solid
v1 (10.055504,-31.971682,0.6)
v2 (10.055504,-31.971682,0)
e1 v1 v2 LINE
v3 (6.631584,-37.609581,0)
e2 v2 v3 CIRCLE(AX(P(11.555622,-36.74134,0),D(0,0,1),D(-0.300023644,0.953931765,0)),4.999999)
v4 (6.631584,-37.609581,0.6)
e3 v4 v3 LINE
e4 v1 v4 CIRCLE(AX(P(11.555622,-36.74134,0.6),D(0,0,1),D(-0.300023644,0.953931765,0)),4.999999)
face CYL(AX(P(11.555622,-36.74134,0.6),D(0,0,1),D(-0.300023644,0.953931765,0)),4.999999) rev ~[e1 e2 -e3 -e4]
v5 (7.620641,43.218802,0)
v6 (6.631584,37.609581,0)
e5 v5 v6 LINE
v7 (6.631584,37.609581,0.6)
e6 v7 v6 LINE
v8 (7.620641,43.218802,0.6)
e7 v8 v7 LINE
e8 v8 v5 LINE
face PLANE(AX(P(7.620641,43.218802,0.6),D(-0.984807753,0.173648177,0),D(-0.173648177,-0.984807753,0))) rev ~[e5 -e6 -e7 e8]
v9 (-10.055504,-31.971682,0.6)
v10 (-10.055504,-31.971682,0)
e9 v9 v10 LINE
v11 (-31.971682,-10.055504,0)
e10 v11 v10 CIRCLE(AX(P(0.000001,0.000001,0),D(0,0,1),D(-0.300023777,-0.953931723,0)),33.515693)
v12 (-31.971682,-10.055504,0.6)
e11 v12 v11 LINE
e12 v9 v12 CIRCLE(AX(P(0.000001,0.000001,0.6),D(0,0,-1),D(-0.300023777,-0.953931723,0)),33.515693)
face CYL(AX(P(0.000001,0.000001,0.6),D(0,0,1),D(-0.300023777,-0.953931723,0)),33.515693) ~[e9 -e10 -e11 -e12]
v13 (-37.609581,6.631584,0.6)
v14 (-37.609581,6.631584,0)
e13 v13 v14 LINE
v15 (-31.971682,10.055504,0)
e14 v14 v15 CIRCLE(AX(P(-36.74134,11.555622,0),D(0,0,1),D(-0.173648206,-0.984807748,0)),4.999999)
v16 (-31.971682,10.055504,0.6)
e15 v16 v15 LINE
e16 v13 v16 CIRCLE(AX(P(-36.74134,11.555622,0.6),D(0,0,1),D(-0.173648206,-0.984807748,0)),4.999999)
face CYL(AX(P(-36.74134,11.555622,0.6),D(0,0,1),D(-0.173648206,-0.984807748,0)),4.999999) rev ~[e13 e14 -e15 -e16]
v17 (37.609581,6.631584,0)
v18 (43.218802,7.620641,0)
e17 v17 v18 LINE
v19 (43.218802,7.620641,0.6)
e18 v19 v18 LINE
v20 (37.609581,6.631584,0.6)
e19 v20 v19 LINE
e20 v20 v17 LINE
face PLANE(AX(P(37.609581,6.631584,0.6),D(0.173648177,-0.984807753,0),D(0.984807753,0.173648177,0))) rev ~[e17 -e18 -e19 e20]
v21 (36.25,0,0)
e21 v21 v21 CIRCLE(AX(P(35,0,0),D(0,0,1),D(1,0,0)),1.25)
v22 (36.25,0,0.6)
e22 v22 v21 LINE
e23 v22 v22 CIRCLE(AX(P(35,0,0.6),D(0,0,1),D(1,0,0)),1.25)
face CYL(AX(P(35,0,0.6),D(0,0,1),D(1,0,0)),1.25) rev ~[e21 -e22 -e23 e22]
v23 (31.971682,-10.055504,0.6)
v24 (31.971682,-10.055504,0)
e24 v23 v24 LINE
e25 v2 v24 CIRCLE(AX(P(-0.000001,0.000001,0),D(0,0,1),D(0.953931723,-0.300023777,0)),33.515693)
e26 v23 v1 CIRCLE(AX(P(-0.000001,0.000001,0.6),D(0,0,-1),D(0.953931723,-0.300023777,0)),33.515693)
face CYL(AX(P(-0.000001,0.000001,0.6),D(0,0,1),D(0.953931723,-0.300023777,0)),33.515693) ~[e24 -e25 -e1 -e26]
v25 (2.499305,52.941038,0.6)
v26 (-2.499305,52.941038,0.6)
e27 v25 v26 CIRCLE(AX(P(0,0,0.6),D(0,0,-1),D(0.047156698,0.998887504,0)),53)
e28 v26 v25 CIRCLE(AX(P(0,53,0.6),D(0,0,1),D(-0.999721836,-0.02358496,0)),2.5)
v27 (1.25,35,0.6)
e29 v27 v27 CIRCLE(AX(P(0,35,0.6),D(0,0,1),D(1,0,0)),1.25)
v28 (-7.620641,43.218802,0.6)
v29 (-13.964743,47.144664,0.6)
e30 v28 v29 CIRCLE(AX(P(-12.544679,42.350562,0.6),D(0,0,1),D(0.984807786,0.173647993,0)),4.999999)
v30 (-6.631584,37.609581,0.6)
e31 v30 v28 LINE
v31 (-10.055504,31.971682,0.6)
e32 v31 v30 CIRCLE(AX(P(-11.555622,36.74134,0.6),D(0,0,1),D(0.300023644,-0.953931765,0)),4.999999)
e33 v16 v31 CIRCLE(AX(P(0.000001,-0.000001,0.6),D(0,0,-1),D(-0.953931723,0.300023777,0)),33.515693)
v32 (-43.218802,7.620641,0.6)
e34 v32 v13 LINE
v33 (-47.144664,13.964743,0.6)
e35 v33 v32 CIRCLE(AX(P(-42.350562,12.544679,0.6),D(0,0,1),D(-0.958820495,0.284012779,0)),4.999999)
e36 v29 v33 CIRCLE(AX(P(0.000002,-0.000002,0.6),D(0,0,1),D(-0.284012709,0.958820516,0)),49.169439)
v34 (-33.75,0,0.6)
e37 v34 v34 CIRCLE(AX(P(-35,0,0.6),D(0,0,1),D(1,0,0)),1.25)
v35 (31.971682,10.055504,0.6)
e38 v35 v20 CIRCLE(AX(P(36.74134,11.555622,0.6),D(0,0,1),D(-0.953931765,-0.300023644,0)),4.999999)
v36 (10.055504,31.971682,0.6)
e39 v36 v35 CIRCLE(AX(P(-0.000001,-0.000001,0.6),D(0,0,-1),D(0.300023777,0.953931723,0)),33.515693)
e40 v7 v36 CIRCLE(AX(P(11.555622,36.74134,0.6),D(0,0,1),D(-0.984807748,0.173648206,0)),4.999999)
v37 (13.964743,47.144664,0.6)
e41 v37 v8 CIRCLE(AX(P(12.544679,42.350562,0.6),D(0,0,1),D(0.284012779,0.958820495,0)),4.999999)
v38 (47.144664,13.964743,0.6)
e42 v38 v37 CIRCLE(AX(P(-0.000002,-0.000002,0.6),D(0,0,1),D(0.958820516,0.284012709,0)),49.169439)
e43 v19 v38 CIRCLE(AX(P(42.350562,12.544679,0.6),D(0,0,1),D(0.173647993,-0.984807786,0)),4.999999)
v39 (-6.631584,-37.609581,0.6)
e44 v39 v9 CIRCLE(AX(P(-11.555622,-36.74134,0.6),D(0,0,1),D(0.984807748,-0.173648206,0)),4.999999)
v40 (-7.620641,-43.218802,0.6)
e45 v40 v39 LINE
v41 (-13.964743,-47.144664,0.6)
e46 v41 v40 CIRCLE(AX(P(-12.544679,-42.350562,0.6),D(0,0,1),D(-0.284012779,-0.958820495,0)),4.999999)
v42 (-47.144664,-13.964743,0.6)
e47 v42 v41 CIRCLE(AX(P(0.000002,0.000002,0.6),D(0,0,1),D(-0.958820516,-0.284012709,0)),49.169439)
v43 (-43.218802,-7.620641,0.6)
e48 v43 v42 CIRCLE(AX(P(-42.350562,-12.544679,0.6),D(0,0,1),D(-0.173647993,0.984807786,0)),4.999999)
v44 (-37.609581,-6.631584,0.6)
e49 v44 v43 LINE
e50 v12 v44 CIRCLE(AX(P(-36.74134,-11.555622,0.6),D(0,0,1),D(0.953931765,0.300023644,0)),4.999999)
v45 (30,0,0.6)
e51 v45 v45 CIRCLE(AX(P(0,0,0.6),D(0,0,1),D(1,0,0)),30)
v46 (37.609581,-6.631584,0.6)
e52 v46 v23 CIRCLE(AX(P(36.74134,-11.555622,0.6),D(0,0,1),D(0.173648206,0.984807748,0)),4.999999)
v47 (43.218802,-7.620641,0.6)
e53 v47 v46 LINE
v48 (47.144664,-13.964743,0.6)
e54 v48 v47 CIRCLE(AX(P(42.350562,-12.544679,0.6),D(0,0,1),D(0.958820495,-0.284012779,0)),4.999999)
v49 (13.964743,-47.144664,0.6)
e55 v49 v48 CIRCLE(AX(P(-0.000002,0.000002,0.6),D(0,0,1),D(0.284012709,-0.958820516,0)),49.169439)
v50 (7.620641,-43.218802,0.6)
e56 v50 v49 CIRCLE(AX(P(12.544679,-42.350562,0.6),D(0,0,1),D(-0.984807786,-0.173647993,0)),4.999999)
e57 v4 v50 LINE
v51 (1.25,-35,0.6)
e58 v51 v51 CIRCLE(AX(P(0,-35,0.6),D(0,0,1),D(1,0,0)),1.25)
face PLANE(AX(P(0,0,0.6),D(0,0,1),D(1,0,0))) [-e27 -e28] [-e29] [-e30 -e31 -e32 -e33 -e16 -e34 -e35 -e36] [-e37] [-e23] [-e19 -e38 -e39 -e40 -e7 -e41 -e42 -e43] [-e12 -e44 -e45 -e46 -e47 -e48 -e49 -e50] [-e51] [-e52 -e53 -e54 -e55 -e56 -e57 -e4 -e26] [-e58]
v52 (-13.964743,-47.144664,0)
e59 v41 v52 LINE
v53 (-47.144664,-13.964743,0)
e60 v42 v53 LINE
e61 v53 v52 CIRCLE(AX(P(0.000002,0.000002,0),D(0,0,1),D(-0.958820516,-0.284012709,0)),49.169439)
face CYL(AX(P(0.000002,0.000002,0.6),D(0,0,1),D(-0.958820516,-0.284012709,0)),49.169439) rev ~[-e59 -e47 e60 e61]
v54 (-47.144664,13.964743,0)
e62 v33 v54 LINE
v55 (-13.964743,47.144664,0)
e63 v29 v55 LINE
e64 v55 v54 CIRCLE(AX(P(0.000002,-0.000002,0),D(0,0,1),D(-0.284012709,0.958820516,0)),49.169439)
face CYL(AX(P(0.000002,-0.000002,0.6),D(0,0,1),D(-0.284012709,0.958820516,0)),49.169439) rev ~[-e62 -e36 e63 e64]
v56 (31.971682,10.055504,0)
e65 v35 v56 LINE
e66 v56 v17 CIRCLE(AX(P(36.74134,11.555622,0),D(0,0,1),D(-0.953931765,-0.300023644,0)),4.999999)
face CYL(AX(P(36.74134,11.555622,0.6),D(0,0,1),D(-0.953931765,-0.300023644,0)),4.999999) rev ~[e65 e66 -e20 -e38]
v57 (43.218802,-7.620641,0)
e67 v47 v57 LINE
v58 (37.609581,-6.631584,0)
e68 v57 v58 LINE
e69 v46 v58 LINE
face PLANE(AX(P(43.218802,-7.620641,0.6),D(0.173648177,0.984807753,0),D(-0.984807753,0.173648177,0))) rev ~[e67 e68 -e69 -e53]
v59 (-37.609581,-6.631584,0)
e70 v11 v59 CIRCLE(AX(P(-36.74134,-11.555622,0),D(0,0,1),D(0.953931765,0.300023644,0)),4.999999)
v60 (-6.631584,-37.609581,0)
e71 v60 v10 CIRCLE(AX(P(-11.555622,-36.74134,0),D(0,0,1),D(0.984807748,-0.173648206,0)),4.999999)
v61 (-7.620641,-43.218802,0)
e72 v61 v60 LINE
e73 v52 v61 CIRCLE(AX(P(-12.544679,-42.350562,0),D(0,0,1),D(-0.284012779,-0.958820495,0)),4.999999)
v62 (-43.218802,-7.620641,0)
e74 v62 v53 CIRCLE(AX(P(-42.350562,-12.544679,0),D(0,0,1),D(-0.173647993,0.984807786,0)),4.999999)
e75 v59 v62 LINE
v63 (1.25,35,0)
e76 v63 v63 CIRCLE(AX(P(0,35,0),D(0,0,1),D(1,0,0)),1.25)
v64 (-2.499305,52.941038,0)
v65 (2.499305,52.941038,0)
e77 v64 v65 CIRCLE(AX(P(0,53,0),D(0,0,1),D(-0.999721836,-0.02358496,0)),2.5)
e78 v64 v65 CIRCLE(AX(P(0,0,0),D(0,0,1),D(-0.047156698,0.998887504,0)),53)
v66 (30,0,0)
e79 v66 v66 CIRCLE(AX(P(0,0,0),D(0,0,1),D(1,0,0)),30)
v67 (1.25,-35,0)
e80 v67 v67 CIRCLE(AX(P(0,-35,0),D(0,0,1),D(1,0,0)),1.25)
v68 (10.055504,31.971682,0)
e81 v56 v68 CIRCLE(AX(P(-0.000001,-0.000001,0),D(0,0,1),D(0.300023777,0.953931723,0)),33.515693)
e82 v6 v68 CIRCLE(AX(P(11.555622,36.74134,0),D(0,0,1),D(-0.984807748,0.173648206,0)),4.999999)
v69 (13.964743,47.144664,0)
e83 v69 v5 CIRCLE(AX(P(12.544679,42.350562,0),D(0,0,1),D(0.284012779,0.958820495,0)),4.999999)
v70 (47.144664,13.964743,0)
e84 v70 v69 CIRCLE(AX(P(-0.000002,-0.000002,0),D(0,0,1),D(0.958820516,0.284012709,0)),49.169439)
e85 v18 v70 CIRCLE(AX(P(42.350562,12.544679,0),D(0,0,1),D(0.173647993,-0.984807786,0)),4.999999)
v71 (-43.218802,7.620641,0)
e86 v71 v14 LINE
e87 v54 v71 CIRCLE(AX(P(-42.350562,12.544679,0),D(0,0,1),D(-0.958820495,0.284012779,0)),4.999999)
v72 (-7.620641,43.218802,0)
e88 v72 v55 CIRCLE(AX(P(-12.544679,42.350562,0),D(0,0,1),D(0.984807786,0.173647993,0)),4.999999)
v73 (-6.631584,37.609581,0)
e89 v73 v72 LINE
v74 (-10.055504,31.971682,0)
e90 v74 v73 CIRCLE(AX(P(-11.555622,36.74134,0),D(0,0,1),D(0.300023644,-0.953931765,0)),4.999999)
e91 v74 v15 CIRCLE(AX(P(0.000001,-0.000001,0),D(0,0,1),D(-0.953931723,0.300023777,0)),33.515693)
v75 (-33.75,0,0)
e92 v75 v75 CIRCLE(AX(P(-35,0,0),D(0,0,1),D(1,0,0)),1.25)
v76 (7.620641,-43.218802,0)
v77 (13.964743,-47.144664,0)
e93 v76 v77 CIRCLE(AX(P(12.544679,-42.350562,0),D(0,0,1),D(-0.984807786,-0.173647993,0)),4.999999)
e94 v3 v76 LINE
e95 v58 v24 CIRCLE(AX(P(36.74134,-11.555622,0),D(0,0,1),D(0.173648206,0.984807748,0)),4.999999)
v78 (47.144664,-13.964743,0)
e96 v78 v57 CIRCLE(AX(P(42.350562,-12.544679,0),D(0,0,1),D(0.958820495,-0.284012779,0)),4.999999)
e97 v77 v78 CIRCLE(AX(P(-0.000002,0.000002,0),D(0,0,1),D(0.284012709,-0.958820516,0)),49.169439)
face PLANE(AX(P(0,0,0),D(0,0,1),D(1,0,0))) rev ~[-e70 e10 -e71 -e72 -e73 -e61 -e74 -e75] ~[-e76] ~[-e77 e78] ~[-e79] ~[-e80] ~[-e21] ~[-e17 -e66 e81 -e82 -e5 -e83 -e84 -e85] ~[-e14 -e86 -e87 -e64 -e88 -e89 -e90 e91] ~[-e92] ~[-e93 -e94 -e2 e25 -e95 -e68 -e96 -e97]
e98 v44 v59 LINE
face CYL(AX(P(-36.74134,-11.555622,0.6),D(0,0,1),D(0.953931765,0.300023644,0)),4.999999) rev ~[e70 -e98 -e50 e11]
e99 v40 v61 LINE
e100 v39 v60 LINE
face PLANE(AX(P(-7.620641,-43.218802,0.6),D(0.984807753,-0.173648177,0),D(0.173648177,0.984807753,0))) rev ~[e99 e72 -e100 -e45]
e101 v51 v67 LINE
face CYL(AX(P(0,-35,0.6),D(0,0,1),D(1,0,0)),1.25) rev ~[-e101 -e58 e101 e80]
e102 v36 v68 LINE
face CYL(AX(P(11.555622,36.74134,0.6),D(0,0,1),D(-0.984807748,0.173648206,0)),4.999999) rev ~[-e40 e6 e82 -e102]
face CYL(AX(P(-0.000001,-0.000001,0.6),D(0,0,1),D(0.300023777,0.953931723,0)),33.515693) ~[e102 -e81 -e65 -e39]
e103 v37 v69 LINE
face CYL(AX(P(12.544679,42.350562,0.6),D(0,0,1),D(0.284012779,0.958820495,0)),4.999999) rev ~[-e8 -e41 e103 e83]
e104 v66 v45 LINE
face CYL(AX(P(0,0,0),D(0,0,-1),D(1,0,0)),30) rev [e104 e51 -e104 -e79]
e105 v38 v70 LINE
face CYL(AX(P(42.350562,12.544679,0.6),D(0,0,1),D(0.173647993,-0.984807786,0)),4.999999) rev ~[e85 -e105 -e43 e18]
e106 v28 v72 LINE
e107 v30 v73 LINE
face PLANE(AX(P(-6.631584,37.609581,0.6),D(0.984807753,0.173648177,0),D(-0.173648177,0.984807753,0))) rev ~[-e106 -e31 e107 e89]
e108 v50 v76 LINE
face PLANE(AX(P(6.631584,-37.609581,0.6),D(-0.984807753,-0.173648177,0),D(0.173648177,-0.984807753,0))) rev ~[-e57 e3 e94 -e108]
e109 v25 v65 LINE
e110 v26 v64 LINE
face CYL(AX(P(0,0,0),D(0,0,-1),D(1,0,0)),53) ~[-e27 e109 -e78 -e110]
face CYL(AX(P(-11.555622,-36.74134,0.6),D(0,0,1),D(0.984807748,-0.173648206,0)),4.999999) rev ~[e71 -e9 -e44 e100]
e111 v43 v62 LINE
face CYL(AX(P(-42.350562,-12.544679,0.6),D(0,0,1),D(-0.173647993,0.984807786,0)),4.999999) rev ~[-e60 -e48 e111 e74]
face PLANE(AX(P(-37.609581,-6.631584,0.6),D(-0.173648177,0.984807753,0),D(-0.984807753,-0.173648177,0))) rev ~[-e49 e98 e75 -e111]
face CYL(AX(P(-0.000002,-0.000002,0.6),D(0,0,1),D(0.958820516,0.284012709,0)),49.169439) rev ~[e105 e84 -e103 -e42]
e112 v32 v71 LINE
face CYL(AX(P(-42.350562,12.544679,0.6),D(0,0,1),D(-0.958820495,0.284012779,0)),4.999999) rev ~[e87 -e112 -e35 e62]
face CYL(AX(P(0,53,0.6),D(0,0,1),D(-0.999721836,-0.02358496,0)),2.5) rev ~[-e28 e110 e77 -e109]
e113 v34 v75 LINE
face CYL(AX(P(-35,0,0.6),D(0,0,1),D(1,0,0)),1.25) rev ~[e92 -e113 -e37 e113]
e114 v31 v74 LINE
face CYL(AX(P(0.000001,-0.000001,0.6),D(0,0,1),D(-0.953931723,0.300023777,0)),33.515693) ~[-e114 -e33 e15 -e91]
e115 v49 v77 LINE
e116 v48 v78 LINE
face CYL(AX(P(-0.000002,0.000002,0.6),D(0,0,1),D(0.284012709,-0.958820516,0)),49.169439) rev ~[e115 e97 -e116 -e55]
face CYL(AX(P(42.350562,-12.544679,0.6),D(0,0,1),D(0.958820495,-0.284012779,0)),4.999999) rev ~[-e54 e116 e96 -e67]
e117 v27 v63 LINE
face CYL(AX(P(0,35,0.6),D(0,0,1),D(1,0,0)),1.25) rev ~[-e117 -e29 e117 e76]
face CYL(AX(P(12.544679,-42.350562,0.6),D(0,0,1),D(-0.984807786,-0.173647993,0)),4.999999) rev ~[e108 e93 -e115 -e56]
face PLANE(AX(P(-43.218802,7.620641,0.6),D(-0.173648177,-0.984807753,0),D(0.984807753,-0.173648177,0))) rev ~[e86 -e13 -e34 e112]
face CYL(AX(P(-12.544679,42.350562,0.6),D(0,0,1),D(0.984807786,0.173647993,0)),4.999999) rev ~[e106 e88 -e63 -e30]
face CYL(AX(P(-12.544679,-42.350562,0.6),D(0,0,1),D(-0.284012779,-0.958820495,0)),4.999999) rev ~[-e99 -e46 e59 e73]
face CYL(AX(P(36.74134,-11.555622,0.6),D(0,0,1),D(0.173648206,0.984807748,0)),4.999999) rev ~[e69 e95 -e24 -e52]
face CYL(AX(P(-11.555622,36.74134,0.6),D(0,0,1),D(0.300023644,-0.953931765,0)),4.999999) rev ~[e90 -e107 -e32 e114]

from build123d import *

# Parameters (mm, degrees)
F0_R     = 53
F0_R_2   = 30
F1_DEPTH = 0.6
F2_R     = 1.25
F3_DEPTH = 25
F5_DEPTH = 25
F7_DEPTH = 2


with BuildPart() as f1:
    # F0 (on Top) → F1 (new body)
    with BuildSketch(Plane.XY):
        Circle(F0_R)
        Circle(F0_R_2, mode=Mode.SUBTRACT)
    extrude(amount=F1_DEPTH)

    # F2 (on face) → F3 (cut)
    with BuildSketch(Plane.XY.offset(0.6)):
        with Locations((0, 35)):
            Circle(F2_R)
        with Locations((35, 0)):
            Circle(F2_R)
        with Locations((0, -35)):
            Circle(F2_R)
        with Locations((-35, 0)):
            Circle(F2_R)
    extrude(amount=-F3_DEPTH, mode=Mode.SUBTRACT)

    # F4 (on face) → F5 (cut)
    with BuildSketch(Plane.XY.offset(0.6)):
        with BuildLine():
            ThreePointArc((2.499305, 52.941038), (0, 53), (-2.499305, 52.941038))
            ThreePointArc((-2.499305, 52.941038), (0, 50.5), (2.499305, 52.941038))
        make_face()
    extrude(amount=-F5_DEPTH, mode=Mode.SUBTRACT)

    # F6 (on face) → F7 (cut)
    with BuildSketch(Plane.XY.offset(0.6)):
        with BuildLine():
            Line((-43.218802, 7.620641), (-37.609581, 6.631584))
            ThreePointArc((-37.609581, 6.631584), (-34.145946, 7.281991), (-31.971682, 10.055504))
            ThreePointArc((-31.971682, 10.055504), (-23.699173, 23.699173), (-10.055504, 31.971682))
            ThreePointArc((-10.055504, 31.971682), (-7.281991, 34.145946), (-6.631584, 37.609581))
            Line((-6.631584, 37.609581), (-7.620641, 43.218802))
            ThreePointArc((-7.620641, 43.218802), (-9.913604, 46.602319), (-13.964743, 47.144664))
            ThreePointArc((-13.964743, 47.144664), (-34.768041, 34.768041), (-47.144664, 13.964743))
            ThreePointArc((-47.144664, 13.964743), (-46.602319, 9.913604), (-43.218802, 7.620641))
        make_face()
        with BuildLine():
            Line((7.620641, 43.218802), (6.631584, 37.609581))
            ThreePointArc((6.631584, 37.609581), (7.281991, 34.145946), (10.055504, 31.971682))
            ThreePointArc((10.055504, 31.971682), (23.699173, 23.699173), (31.971682, 10.055504))
            ThreePointArc((31.971682, 10.055504), (34.145946, 7.281991), (37.609581, 6.631584))
            Line((37.609581, 6.631584), (43.218802, 7.620641))
            ThreePointArc((43.218802, 7.620641), (46.602319, 9.913604), (47.144664, 13.964743))
            ThreePointArc((47.144664, 13.964743), (34.768041, 34.768041), (13.964743, 47.144664))
            ThreePointArc((13.964743, 47.144664), (9.913604, 46.602319), (7.620641, 43.218802))
        make_face()
        with BuildLine():
            ThreePointArc((31.971682, -10.055504), (23.699173, -23.699173), (10.055504, -31.971682))
            ThreePointArc((10.055504, -31.971682), (7.281991, -34.145946), (6.631584, -37.609581))
            Line((6.631584, -37.609581), (7.620641, -43.218802))
            ThreePointArc((7.620641, -43.218802), (9.913604, -46.602319), (13.964743, -47.144664))
            ThreePointArc((13.964743, -47.144664), (34.768041, -34.768041), (47.144664, -13.964743))
            ThreePointArc((47.144664, -13.964743), (46.602319, -9.913604), (43.218802, -7.620641))
            Line((43.218802, -7.620641), (37.609581, -6.631584))
            ThreePointArc((37.609581, -6.631584), (34.145946, -7.281991), (31.971682, -10.055504))
        make_face()
        with BuildLine():
            ThreePointArc((-10.055504, -31.971682), (-23.699173, -23.699173), (-31.971682, -10.055504))
            ThreePointArc((-31.971682, -10.055504), (-34.145946, -7.281991), (-37.609581, -6.631584))
            Line((-37.609581, -6.631584), (-43.218802, -7.620641))
            ThreePointArc((-43.218802, -7.620641), (-46.602319, -9.913604), (-47.144664, -13.964743))
            ThreePointArc((-47.144664, -13.964743), (-34.768041, -34.768041), (-13.964743, -47.144664))
            ThreePointArc((-13.964743, -47.144664), (-9.913604, -46.602319), (-7.620641, -43.218802))
            Line((-7.620641, -43.218802), (-6.631584, -37.609581))
            ThreePointArc((-6.631584, -37.609581), (-7.281991, -34.145946), (-10.055504, -31.971682))
        make_face()
    extrude(amount=-F7_DEPTH, mode=Mode.SUBTRACT)


solid = f1.part
